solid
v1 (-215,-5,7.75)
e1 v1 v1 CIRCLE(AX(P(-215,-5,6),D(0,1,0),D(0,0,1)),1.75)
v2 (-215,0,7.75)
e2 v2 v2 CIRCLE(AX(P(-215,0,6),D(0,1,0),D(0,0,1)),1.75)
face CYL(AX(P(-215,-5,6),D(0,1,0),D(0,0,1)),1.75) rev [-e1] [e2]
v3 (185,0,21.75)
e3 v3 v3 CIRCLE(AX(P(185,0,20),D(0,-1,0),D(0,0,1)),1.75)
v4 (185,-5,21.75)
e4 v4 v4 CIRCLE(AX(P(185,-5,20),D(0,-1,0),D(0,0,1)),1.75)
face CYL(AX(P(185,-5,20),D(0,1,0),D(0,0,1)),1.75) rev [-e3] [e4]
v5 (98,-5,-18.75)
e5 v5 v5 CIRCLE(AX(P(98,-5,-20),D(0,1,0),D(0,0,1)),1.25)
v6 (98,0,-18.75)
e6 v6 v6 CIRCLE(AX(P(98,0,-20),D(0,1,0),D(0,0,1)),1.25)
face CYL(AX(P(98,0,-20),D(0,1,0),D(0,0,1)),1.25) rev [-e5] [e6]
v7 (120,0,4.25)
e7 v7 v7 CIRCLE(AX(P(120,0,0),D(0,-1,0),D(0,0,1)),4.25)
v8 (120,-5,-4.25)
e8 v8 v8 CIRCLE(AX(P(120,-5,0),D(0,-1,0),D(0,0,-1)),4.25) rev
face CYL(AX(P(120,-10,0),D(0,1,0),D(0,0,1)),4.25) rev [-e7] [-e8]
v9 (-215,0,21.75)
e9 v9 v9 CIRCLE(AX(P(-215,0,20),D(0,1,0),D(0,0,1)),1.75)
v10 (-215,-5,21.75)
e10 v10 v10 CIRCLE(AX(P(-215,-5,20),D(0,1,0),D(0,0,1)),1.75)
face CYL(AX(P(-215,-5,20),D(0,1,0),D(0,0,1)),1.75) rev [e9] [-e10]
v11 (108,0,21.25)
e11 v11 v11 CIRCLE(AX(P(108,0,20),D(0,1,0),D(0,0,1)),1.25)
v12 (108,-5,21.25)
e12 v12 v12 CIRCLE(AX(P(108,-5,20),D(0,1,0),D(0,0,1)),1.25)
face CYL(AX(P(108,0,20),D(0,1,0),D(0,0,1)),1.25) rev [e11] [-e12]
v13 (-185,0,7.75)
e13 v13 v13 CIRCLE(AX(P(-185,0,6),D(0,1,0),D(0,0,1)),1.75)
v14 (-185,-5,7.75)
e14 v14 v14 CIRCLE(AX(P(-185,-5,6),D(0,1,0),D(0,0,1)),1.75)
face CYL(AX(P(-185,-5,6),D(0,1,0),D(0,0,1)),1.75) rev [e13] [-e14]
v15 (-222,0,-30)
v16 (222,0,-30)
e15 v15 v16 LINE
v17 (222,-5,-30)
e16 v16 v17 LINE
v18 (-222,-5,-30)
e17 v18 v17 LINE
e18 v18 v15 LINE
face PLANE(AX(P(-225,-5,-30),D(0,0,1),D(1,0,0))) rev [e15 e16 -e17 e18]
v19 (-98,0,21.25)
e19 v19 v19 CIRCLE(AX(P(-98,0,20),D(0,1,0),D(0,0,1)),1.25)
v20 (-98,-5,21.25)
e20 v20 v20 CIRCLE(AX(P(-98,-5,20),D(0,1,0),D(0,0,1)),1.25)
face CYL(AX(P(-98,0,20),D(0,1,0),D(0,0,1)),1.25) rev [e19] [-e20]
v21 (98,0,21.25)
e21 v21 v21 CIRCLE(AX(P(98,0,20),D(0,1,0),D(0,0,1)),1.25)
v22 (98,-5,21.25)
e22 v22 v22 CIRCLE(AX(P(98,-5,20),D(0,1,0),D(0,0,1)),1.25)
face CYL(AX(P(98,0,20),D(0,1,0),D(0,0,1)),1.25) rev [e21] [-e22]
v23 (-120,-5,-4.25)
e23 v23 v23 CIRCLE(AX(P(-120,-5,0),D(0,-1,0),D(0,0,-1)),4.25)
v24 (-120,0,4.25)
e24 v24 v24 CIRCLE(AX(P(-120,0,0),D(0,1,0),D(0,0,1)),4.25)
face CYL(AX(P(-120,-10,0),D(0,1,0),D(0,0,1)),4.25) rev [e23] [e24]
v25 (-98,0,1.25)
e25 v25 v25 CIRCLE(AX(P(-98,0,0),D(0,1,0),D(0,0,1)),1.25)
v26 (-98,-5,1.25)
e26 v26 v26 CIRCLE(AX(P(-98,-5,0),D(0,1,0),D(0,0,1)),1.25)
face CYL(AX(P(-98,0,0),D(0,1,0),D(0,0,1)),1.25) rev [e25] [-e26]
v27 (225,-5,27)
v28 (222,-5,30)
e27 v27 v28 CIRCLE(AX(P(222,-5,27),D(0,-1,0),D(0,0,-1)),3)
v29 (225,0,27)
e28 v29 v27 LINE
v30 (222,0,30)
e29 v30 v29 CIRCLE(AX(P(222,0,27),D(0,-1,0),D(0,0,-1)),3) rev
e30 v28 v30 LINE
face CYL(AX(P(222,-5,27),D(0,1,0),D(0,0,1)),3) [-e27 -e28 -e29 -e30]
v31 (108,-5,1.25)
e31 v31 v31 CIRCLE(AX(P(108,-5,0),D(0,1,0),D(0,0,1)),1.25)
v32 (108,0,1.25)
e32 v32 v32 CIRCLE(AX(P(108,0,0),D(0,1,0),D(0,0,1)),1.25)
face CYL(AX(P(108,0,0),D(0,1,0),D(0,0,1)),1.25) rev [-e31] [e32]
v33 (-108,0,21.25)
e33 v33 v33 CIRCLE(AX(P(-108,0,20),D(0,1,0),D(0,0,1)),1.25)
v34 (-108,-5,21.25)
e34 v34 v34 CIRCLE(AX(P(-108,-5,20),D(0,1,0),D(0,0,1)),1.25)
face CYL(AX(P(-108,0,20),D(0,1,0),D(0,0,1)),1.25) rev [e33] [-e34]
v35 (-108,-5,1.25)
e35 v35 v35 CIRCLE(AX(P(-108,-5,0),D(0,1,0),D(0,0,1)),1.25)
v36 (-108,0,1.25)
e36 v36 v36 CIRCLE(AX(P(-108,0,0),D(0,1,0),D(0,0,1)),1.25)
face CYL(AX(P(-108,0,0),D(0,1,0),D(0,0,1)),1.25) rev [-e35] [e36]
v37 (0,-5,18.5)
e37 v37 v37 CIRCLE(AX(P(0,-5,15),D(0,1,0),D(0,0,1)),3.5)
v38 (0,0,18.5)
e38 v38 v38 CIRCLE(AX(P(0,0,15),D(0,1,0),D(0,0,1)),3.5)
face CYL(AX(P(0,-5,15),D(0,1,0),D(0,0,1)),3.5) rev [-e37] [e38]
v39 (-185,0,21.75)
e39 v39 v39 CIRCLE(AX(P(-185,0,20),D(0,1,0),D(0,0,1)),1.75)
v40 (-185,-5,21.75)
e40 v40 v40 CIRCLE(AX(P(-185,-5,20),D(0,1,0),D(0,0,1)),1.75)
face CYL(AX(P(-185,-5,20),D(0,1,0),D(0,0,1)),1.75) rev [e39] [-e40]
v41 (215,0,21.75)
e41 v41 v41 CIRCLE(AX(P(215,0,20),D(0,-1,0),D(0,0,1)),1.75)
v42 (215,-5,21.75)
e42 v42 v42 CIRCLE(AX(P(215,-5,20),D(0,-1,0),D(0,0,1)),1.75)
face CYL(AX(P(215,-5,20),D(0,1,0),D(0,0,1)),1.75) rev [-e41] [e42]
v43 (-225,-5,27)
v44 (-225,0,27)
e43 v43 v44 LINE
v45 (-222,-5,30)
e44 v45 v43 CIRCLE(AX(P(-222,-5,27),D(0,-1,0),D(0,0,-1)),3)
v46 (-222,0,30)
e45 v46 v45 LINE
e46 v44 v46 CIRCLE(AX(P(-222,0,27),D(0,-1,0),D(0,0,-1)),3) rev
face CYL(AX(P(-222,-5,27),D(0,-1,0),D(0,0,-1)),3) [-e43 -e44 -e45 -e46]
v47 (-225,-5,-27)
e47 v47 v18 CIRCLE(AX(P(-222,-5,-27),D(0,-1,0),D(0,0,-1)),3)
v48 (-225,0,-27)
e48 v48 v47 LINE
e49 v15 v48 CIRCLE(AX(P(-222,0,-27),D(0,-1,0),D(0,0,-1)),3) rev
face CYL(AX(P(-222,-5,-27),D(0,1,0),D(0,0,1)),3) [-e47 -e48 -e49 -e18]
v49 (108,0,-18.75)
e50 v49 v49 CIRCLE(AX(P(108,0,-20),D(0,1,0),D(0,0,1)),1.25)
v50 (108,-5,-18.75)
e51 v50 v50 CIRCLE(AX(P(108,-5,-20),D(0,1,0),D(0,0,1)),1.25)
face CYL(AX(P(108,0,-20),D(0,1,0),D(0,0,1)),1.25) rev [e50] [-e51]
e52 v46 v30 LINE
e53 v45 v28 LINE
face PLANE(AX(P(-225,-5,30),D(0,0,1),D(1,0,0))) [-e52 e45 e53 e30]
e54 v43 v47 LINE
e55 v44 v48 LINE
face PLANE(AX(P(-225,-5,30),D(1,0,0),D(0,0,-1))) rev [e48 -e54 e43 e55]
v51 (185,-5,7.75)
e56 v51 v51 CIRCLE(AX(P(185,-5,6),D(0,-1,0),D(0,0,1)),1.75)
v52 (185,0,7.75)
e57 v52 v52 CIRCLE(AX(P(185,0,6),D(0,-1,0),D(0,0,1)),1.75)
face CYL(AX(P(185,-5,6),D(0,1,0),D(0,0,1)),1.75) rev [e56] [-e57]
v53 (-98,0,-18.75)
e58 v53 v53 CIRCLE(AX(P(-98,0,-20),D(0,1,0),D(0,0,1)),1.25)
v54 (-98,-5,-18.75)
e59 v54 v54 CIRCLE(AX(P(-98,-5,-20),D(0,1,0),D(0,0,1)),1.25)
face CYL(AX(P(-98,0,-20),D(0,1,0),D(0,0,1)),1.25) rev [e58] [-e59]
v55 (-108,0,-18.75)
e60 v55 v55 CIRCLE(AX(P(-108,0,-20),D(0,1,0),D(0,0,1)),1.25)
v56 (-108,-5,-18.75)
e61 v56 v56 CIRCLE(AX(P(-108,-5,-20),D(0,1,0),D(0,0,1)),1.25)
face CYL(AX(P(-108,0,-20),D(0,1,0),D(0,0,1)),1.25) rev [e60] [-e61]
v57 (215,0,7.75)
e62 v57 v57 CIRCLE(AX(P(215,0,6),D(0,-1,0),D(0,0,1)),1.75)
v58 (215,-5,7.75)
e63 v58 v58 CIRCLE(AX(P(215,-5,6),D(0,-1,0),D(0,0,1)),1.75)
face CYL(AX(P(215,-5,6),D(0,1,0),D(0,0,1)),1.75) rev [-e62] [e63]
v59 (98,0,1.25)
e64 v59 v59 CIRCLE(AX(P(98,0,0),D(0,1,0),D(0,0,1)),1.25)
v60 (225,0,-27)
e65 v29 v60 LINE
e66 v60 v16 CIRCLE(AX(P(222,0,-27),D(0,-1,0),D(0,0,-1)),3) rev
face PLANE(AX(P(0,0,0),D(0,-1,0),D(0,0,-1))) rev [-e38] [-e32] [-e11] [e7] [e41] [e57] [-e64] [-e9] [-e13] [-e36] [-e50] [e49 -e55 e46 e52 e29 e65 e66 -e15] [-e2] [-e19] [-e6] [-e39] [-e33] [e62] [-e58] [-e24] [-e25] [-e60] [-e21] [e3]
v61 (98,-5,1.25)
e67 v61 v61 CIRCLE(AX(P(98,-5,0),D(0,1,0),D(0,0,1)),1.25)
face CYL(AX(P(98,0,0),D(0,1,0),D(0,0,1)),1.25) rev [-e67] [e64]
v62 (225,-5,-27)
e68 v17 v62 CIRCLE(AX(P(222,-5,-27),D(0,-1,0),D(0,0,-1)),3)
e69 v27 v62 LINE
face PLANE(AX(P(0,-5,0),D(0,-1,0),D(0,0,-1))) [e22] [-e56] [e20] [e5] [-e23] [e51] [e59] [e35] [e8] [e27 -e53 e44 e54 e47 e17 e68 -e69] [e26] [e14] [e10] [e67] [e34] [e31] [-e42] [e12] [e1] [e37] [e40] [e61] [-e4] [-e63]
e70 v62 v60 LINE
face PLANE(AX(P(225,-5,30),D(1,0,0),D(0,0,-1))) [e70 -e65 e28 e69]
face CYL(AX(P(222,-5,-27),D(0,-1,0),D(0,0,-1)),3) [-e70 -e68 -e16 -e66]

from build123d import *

# Parameters (mm, degrees)
SKETCH_1_W                  = 450
SKETCH_1_H                  = 60
EXTRUDE_1_DEPTH             = 5
SKETCH_2_R                  = 3.5
CUT_EXTRUDE_2_DEPTH         = 228.046250795
SKETCH_4_R                  = 1
CUT_EXTRUDE_4_DEPTH         = 228.046250795
PATTERN_LINEAR_2_COUNT      = 3
PATTERN_LINEAR_2_PITCH      = 20
PATTERN_LINEAR_2_COUNT_DIR2 = 2
PATTERN_LINEAR_2_PITCH_DIR2 = 10
MIRROR_1_COPY_1_SKETCH_R    = 1
MIRROR_1_COPY_1_DEPTH       = 228.046250795
MIRROR_1_COPY_2_SKETCH_R    = 1
MIRROR_1_COPY_2_DEPTH       = 228.046250795
MIRROR_1_COPY_3_SKETCH_R    = 1
MIRROR_1_COPY_3_DEPTH       = 228.046250795
MIRROR_1_COPY_4_SKETCH_R    = 1
MIRROR_1_COPY_4_DEPTH       = 228.046250795
MIRROR_1_COPY_5_SKETCH_R    = 1
MIRROR_1_COPY_5_DEPTH       = 228.046250795
SKETCH_6_R                  = 1.75
CUT_EXTRUDE_5_DEPTH         = 228.046250795
PATTERN_LINEAR_3_COUNT      = 2
PATTERN_LINEAR_3_PITCH      = 14
PATTERN_LINEAR_3_COUNT_DIR2 = 2
PATTERN_LINEAR_3_PITCH_DIR2 = 30
MIRROR_2_COPY_1_SKETCH_R    = 1.75
MIRROR_2_COPY_1_DEPTH       = 228.046250795
MIRROR_2_COPY_2_SKETCH_R    = 1.75
MIRROR_2_COPY_2_DEPTH       = 228.046250795
MIRROR_2_COPY_3_SKETCH_R    = 1.75
MIRROR_2_COPY_3_DEPTH       = 228.046250795
SKETCH_7_R                  = 4.25
CUT_EXTRUDE_6_DEPTH         = 10
FILLET_3_R                  = 3
FILLET_4_R                  = 3
FILLET_5_R                  = 3
FILLET_6_R                  = 3
HOLE_WIZARD_M3_2_D          = 2.5


with BuildPart() as part:
    # 草图1 → 凸台-拉伸1 (new body)
    with BuildSketch(Plane(origin=(0, 0, 0), x_dir=(1, 0, 0), z_dir=(0, 1, 0))):
        Rectangle(SKETCH_1_W, SKETCH_1_H)
    extrude(amount=-EXTRUDE_1_DEPTH)

    # 草图2 → 切除-拉伸2 (cut, through all)
    with BuildSketch(Plane(origin=(0, 0, 0), x_dir=(1, 0, 0), z_dir=(0, 1, 0))):
        with Locations(Location((0, -15, 0), (0, 0, 270))):
            Circle(SKETCH_2_R)
    extrude(amount=-CUT_EXTRUDE_2_DEPTH, mode=Mode.SUBTRACT)

    # 草图4 → 切除-拉伸4 (cut, through all)
    with BuildSketch(Plane(origin=(0, 0, 0), x_dir=(1, 0, 0), z_dir=(0, 1, 0))):
        with Locations(Location((-98, -20, 0), (0, 0, 270))):
            Circle(SKETCH_4_R)
    cut_extrude_4 = extrude(amount=-CUT_EXTRUDE_4_DEPTH, mode=Mode.SUBTRACT)

    # 阵列(线性)2: Cut-Extrude 4 3 × 2
    with Locations(*[(-j * PATTERN_LINEAR_2_PITCH_DIR2, 0, -i * PATTERN_LINEAR_2_PITCH) for i in range(PATTERN_LINEAR_2_COUNT) for j in range(PATTERN_LINEAR_2_COUNT_DIR2) if (i, j) != (0, 0)]):
        add(cut_extrude_4, mode=Mode.SUBTRACT)

    # 镜向1: 切除-拉伸4 across plane
    add(cut_extrude_4.mirror(Plane(origin=(0, 0, 0), x_dir=(0, 0, 1), z_dir=(1, 0, 0))), mode=Mode.SUBTRACT)

    # 镜向1 copy 1 sketch → 镜向1 copy 1 (cut, through all)
    with BuildSketch(Plane(origin=(10, 0, 0), x_dir=(-1, 0, 0), z_dir=(0, 1, 0))):
        with Locations((-98, 20)):
            Circle(MIRROR_1_COPY_1_SKETCH_R)
    extrude(amount=-MIRROR_1_COPY_1_DEPTH, mode=Mode.SUBTRACT)

    # 镜向1 copy 2 sketch → 镜向1 copy 2 (cut, through all)
    with BuildSketch(Plane(origin=(0, 0, -20), x_dir=(-1, 0, 0), z_dir=(0, 1, 0))):
        with Locations((-98, 20)):
            Circle(MIRROR_1_COPY_2_SKETCH_R)
    extrude(amount=-MIRROR_1_COPY_2_DEPTH, mode=Mode.SUBTRACT)

    # 镜向1 copy 3 sketch → 镜向1 copy 3 (cut, through all)
    with BuildSketch(Plane(origin=(10, 0, -20), x_dir=(-1, 0, 0), z_dir=(0, 1, 0))):
        with Locations((-98, 20)):
            Circle(MIRROR_1_COPY_3_SKETCH_R)
    extrude(amount=-MIRROR_1_COPY_3_DEPTH, mode=Mode.SUBTRACT)

    # 镜向1 copy 4 sketch → 镜向1 copy 4 (cut, through all)
    with BuildSketch(Plane(origin=(0, 0, -40), x_dir=(-1, 0, 0), z_dir=(0, 1, 0))):
        with Locations((-98, 20)):
            Circle(MIRROR_1_COPY_4_SKETCH_R)
    extrude(amount=-MIRROR_1_COPY_4_DEPTH, mode=Mode.SUBTRACT)

    # 镜向1 copy 5 sketch → 镜向1 copy 5 (cut, through all)
    with BuildSketch(Plane(origin=(10, 0, -40), x_dir=(-1, 0, 0), z_dir=(0, 1, 0))):
        with Locations((-98, 20)):
            Circle(MIRROR_1_COPY_5_SKETCH_R)
    extrude(amount=-MIRROR_1_COPY_5_DEPTH, mode=Mode.SUBTRACT)

    # 草图6 → 切除-拉伸5 (cut, through all)
    with BuildSketch(Plane(origin=(0, 0, 0), x_dir=(1, 0, 0), z_dir=(0, 1, 0))):
        with Locations(Location((-215, -20, 0), (0, 0, 270))):
            Circle(SKETCH_6_R)
    cut_extrude_5 = extrude(amount=-CUT_EXTRUDE_5_DEPTH, mode=Mode.SUBTRACT)

    # 阵列(线性)3: Cut-Extrude 5 2 × 2
    with Locations(*[(j * PATTERN_LINEAR_3_PITCH_DIR2, 0, -i * PATTERN_LINEAR_3_PITCH) for i in range(PATTERN_LINEAR_3_COUNT) for j in range(PATTERN_LINEAR_3_COUNT_DIR2) if (i, j) != (0, 0)]):
        add(cut_extrude_5, mode=Mode.SUBTRACT)

    # 镜向2: 切除-拉伸5 across plane
    add(cut_extrude_5.mirror(Plane(origin=(0, 0, 0), x_dir=(0, 0, 1), z_dir=(1, 0, 0))), mode=Mode.SUBTRACT)

    # 镜向2 copy 1 sketch → 镜向2 copy 1 (cut, through all)
    with BuildSketch(Plane(origin=(-30, 0, 0), x_dir=(-1, 0, 0), z_dir=(0, 1, 0))):
        with Locations((-215, 20)):
            Circle(MIRROR_2_COPY_1_SKETCH_R)
    extrude(amount=-MIRROR_2_COPY_1_DEPTH, mode=Mode.SUBTRACT)

    # 镜向2 copy 2 sketch → 镜向2 copy 2 (cut, through all)
    with BuildSketch(Plane(origin=(0, 0, -14), x_dir=(-1, 0, 0), z_dir=(0, 1, 0))):
        with Locations((-215, 20)):
            Circle(MIRROR_2_COPY_2_SKETCH_R)
    extrude(amount=-MIRROR_2_COPY_2_DEPTH, mode=Mode.SUBTRACT)

    # 镜向2 copy 3 sketch → 镜向2 copy 3 (cut, through all)
    with BuildSketch(Plane(origin=(-30, 0, -14), x_dir=(-1, 0, 0), z_dir=(0, 1, 0))):
        with Locations((-215, 20)):
            Circle(MIRROR_2_COPY_3_SKETCH_R)
    extrude(amount=-MIRROR_2_COPY_3_DEPTH, mode=Mode.SUBTRACT)

    # 草图7 → 切除-拉伸6 (cut)
    with BuildSketch(Plane(origin=(0, 0, 0), x_dir=(1, 0, 0), z_dir=(0, 1, 0))):
        with Locations(Location((-120, 0, 0), (0, 0, 270))):
            Circle(SKETCH_7_R)
    cut_extrude_6 = extrude(amount=-CUT_EXTRUDE_6_DEPTH, mode=Mode.SUBTRACT)

    # 镜向3: 切除-拉伸6 across plane
    add(cut_extrude_6.mirror(Plane(origin=(0, 0, 0), x_dir=(0, 0, 1), z_dir=(1, 0, 0))), mode=Mode.SUBTRACT)

    # 圆角3
    fillet_3_edges = [part.edges().sort_by_distance(p)[0] for p in [
        (-225, -2.5, 30),
    ]]
    fillet(fillet_3_edges, radius=FILLET_3_R)

    # 圆角4
    fillet_4_edges = [part.edges().sort_by_distance(p)[0] for p in [
        (-225, -2.5, -30),
    ]]
    fillet(fillet_4_edges, radius=FILLET_4_R)

    # 圆角5
    fillet_5_edges = [part.edges().sort_by_distance(p)[0] for p in [
        (225, -2.5, -30),
    ]]
    fillet(fillet_5_edges, radius=FILLET_5_R)

    # 圆角6
    fillet_6_edges = [part.edges().sort_by_distance(p)[0] for p in [
        (225, -2.5, 30),
    ]]
    fillet(fillet_6_edges, radius=FILLET_6_R)

    # M3 螺纹孔2 (through all)
    with Locations(Plane(origin=(0, 0, 0), x_dir=(1, 0, 0), z_dir=(0, 1, 0))):
        with Locations((-98, -20), (-98, 0), (-98, 20), (-108, 20), (-108, 0), (-108, -20), (98, -20), (108, -20), (98, 0), (108, 0), (108, 20), (98, 20)):
            Hole(HOLE_WIZARD_M3_2_D / 2)


solid = part.part
